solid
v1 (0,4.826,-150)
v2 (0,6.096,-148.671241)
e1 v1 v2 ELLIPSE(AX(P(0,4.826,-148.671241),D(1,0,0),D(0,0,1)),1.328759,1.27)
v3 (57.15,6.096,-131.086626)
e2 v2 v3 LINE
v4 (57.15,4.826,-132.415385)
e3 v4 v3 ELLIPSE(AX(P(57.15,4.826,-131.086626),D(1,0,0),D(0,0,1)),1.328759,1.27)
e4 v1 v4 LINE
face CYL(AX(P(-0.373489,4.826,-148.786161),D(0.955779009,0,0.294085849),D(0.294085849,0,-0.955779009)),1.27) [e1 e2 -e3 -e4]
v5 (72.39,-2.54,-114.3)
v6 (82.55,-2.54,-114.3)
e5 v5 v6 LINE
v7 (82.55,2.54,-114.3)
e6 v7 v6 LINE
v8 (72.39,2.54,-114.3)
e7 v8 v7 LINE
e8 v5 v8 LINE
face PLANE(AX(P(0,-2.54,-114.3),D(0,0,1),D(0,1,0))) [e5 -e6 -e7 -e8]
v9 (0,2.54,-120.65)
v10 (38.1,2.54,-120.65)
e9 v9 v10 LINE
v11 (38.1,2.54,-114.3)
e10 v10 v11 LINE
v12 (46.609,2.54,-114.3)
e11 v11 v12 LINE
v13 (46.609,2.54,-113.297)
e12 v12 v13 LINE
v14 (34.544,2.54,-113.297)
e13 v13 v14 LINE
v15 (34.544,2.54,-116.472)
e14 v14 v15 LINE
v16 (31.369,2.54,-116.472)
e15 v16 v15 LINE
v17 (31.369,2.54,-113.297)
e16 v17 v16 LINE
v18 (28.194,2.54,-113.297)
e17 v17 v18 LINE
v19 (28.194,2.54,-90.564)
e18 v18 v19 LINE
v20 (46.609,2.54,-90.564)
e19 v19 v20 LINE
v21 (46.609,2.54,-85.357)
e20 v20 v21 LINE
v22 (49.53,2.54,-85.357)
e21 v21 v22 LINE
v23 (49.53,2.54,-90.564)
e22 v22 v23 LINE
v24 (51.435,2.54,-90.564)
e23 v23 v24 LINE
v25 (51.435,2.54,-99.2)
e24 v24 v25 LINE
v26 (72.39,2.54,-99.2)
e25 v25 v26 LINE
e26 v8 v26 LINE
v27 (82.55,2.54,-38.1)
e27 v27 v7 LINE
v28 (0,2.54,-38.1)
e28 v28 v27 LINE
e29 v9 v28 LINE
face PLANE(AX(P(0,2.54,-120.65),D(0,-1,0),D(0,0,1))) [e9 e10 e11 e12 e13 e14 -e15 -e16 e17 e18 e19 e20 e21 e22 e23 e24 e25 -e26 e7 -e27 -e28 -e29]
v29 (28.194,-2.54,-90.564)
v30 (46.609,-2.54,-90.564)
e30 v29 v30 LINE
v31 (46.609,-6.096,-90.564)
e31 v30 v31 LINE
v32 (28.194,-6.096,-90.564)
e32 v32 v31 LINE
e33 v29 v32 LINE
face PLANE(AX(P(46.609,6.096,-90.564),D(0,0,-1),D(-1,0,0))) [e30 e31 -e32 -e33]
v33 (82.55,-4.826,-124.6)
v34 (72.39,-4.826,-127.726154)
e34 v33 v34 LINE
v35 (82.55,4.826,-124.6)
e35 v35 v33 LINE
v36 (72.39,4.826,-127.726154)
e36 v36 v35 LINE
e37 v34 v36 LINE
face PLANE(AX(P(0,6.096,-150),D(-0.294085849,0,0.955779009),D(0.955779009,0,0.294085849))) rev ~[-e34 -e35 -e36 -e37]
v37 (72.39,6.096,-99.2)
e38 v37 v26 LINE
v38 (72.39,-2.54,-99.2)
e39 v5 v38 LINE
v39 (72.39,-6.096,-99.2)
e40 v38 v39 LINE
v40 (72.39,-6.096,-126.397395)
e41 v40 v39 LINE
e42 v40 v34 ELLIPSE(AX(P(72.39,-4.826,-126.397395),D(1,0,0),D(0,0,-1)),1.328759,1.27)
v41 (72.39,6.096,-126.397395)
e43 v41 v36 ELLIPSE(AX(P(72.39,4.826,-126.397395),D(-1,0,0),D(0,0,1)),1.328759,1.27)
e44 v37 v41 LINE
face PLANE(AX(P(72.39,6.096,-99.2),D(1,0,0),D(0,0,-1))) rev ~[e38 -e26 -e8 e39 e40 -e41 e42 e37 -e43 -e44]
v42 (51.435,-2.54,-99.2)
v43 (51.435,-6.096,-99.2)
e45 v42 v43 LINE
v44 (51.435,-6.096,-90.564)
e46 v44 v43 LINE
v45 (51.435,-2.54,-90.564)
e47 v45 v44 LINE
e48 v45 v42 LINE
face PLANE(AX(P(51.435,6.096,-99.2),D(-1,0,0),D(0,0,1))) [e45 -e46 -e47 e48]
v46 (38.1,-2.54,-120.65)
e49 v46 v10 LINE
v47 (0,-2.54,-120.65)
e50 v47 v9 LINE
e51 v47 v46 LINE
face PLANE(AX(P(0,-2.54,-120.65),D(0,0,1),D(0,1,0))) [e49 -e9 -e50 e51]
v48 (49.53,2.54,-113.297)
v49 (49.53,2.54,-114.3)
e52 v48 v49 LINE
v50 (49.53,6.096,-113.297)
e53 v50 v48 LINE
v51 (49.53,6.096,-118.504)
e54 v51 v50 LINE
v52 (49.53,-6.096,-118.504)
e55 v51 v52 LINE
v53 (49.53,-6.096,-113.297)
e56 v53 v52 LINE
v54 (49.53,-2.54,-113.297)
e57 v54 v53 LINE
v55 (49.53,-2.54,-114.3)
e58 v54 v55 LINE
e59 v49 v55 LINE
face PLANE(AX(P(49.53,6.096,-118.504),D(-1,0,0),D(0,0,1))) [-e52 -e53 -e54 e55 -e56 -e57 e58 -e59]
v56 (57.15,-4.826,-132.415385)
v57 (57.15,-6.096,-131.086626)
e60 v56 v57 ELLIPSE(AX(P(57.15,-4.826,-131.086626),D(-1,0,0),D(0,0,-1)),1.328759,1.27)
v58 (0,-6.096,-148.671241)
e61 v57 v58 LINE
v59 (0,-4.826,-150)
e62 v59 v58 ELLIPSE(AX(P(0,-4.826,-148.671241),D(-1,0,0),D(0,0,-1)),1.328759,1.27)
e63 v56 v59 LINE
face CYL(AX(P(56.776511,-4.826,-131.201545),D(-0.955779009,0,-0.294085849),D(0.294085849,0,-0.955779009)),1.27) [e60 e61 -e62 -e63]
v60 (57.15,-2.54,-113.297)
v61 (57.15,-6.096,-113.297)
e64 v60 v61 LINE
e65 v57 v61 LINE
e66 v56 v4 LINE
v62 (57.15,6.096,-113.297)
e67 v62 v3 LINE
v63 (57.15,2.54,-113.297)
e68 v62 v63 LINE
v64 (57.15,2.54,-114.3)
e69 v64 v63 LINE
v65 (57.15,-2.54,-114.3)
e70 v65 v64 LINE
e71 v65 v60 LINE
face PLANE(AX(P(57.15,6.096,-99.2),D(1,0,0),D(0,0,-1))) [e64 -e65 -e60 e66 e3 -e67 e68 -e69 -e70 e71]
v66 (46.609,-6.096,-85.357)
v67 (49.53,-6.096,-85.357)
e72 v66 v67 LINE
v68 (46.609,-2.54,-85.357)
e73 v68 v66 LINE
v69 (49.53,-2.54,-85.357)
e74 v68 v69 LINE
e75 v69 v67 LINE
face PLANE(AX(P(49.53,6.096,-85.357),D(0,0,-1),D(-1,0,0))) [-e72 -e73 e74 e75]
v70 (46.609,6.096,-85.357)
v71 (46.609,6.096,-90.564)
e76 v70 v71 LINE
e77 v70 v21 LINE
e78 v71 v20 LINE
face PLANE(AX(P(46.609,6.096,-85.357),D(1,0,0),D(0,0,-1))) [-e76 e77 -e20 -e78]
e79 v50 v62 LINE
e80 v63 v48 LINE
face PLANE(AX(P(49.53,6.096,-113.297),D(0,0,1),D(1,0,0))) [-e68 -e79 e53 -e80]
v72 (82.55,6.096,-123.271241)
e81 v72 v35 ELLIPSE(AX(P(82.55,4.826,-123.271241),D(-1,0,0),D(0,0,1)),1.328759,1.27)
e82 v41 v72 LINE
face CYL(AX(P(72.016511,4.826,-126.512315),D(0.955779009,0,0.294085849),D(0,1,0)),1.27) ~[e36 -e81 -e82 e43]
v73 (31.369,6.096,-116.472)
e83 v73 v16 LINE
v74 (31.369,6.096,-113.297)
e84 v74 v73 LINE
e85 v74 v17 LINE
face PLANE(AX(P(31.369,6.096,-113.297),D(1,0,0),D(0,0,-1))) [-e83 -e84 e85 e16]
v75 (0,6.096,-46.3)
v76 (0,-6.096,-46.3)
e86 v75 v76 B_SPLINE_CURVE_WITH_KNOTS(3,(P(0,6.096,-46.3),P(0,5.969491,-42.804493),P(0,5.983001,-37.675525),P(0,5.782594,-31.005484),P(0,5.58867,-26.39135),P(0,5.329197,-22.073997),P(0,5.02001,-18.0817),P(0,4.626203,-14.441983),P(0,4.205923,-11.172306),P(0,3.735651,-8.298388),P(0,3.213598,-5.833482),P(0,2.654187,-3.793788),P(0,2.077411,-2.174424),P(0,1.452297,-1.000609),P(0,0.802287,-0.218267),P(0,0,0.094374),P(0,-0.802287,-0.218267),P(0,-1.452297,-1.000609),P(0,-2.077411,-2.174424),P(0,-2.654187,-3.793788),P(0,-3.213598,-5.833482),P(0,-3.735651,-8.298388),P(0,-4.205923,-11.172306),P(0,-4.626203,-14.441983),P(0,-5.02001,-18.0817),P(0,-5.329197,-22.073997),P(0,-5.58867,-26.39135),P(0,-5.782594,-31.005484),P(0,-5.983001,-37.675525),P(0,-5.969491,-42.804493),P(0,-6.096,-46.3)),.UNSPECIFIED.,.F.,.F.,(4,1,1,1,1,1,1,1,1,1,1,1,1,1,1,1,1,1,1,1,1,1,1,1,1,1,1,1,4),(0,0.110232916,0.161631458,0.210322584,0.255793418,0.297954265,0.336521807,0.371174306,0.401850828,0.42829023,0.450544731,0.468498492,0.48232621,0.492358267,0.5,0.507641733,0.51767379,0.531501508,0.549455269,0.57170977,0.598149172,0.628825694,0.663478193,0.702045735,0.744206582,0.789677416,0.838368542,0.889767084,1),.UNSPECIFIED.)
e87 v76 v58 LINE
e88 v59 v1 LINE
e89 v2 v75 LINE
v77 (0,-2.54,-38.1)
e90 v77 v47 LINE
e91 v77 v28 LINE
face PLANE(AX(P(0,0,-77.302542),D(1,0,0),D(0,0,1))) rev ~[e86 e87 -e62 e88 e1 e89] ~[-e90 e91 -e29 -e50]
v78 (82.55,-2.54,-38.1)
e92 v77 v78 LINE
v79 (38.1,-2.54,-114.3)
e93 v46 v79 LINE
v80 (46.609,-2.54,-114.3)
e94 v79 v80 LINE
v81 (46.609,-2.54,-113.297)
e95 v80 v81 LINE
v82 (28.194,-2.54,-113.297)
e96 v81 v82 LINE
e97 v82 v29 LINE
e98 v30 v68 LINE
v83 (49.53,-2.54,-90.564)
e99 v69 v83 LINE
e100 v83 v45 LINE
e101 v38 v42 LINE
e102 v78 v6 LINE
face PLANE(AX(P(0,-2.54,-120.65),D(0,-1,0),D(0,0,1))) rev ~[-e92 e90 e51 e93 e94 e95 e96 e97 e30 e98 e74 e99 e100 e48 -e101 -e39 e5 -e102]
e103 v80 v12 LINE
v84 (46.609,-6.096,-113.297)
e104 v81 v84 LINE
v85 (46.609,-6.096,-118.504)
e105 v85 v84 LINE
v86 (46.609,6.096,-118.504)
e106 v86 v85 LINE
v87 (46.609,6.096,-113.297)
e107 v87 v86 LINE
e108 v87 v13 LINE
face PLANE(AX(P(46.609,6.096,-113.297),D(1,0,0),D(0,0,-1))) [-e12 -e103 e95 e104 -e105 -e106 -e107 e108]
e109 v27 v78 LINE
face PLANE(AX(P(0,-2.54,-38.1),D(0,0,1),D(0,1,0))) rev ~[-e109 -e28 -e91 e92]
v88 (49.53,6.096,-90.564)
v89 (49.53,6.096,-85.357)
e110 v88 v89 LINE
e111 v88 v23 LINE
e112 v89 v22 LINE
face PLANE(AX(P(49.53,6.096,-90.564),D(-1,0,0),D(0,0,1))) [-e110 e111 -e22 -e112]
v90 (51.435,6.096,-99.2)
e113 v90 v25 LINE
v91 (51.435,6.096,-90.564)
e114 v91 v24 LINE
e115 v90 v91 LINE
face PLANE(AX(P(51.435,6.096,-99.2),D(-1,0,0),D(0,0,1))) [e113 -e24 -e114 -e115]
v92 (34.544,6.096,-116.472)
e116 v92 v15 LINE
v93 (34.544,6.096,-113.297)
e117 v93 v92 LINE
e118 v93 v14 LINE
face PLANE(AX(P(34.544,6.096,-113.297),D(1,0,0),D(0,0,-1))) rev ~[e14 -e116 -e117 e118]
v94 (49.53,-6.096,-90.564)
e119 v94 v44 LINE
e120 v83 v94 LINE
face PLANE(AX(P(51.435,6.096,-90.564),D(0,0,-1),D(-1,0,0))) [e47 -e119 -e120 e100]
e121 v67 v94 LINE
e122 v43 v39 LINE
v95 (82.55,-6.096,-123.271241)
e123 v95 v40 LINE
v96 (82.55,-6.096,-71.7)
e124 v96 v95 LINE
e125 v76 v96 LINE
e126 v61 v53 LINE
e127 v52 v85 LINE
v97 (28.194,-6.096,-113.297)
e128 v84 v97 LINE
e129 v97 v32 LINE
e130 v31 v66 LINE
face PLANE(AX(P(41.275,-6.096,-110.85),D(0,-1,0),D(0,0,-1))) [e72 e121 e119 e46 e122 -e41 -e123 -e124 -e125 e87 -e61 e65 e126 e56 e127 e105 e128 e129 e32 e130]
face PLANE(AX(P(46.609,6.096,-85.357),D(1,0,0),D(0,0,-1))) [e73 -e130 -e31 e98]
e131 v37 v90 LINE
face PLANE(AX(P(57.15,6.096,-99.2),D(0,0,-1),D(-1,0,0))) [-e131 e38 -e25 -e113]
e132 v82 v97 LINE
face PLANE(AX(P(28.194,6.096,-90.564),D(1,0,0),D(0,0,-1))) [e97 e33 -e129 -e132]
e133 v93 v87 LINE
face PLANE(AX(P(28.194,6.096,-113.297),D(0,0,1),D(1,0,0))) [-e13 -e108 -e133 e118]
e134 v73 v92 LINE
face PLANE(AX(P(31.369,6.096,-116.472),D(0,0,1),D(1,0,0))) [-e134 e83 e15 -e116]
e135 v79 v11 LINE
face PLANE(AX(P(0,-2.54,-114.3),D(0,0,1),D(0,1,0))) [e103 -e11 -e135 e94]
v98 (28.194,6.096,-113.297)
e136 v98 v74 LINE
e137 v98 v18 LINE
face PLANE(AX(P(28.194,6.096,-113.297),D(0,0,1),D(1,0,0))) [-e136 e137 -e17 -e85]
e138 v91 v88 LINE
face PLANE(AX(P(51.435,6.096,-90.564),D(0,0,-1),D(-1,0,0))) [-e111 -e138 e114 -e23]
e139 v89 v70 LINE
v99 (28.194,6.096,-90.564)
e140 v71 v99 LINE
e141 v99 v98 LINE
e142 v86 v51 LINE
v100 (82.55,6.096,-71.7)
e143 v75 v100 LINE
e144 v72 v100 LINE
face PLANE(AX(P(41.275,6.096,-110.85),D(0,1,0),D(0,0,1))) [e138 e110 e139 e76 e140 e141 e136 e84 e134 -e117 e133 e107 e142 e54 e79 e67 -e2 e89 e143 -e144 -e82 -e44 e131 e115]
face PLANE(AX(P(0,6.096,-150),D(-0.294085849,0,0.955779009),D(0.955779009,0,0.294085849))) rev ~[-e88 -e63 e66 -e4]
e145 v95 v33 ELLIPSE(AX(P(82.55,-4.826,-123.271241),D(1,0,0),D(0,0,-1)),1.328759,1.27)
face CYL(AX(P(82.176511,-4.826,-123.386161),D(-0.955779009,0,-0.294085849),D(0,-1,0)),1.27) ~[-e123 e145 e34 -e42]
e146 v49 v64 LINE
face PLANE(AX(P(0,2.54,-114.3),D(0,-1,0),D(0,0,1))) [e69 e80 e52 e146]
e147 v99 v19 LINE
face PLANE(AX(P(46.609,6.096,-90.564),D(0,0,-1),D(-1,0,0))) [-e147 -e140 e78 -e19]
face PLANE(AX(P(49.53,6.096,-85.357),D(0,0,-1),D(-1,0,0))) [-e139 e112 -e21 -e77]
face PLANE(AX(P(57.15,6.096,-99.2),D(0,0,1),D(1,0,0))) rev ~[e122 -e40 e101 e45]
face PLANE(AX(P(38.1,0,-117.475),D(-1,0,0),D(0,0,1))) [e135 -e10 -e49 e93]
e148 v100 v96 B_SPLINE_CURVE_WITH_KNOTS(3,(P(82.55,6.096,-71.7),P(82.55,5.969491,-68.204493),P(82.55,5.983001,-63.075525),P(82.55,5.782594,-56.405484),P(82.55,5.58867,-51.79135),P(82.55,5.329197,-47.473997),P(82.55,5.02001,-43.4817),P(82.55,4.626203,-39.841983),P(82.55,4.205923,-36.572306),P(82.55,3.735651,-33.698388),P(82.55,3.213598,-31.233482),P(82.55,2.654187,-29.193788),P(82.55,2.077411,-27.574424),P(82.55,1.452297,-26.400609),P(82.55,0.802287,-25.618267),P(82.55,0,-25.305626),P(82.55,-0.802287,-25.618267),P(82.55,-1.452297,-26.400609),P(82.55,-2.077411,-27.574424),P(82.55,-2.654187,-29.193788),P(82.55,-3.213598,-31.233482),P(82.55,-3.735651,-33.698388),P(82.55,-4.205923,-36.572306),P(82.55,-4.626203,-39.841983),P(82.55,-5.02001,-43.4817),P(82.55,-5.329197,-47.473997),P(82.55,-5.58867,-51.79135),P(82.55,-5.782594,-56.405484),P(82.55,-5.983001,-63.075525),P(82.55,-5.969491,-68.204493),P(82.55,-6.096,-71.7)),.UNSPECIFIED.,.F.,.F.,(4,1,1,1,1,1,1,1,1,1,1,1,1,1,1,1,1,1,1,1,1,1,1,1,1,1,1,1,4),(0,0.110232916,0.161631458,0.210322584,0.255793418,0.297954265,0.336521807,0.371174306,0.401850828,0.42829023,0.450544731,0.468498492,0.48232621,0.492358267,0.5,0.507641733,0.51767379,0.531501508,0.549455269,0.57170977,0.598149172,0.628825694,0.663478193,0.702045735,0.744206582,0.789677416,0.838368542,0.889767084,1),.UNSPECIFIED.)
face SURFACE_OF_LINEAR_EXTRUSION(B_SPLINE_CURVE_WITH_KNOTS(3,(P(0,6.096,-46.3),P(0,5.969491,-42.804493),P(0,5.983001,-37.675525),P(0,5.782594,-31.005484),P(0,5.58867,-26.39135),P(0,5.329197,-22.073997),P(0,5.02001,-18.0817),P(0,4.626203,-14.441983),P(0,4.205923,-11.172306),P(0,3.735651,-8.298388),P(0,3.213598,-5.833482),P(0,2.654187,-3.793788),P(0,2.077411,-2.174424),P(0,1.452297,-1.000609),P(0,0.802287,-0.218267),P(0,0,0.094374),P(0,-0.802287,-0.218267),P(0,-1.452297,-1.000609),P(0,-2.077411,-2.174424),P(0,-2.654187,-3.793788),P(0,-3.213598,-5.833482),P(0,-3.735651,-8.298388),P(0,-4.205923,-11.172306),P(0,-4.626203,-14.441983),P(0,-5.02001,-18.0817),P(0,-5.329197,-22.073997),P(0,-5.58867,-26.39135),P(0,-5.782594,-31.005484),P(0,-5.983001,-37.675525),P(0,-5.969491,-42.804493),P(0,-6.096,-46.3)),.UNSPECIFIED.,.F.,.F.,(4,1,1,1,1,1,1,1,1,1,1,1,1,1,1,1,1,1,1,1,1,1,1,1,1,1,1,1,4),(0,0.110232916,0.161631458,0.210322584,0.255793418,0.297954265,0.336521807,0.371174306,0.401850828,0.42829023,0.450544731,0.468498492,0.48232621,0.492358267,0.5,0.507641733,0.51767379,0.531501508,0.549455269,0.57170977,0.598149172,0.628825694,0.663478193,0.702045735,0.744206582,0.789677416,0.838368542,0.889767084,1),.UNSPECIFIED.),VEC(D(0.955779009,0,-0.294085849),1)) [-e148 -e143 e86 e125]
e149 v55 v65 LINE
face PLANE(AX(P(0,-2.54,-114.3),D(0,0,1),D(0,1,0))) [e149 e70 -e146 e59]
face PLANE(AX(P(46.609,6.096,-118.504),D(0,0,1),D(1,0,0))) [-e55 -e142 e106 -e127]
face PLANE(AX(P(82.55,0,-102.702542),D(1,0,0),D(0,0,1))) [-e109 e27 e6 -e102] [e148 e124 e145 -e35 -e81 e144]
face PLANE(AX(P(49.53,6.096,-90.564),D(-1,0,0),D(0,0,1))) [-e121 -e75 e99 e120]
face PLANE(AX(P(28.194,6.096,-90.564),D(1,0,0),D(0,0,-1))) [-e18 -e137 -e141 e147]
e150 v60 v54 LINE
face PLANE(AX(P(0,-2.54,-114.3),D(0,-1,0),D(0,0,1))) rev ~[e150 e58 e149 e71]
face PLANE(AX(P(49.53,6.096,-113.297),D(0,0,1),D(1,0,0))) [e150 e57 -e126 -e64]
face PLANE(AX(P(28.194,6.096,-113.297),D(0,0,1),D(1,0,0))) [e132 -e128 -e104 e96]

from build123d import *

# Parameters (mm, degrees)
SKETCH7_W          = 76.2
SKETCH7_H          = 5.08
CUT_EXTRUDE3_DEPTH = 194.950570427
CUT_EXTRUDE4_DEPTH = 195.237760021
CUT_EXTRUDE5_DEPTH = 172.648324818
SKETCH10_W         = 15.24
SKETCH10_H         = 38.1
CUT_EXTRUDE6_DEPTH = 172.648324818
SKETCH12_W         = 6.35
SKETCH12_H         = 5.08
CUT_EXTRUDE8_DEPTH = 38.1
CUT_EXTRUDE9_REACH = 173.648
SKETCH13_W         = 3.175
SKETCH13_H         = 3.175
FILLET1_R          = 1.27


with BuildPart() as part:
    # Sweep1: sweep along a path in Sketch4
    with BuildLine(Plane(origin=(0, 0, 0), x_dir=(1, 0, 0), z_dir=(0, 1, 0))) as sweep1_path:
        Line((0, 0), (82.55, 25.4))
    # Sketch3 → Sweep1 (sweep)
    with BuildSketch(Plane(origin=(0, 0, 0), x_dir=(0, 0, -1), z_dir=(1, 0, 0))):
        with BuildLine():
            Line((150, 6.096), (150, -6.096))
            Line((150, -6.096), (46.3, -6.096))
            add(Edge.make_bspline(
                [(46.3, 6.096), (42.804492563, 5.969490826), (37.675525192, 5.983000948), (31.005483641, 5.782593876), (26.391349913, 5.588669786), (22.073997277, 5.329197251), (18.081699811, 5.020010163), (14.441982882, 4.626202737), (11.172305542, 4.205923398), (8.298388415, 3.735651001), (5.83348217, 3.213598048), (3.793787979, 2.654186778), (2.174423999, 2.077410698), (1.000609399, 1.452296859), (0.218267158, 0.802287486), (-0.094373608, 0), (0.218267158, -0.802287486), (1.000609399, -1.452296859), (2.174423999, -2.077410698), (3.793787979, -2.654186778), (5.83348217, -3.213598048), (8.298388415, -3.735651001), (11.172305542, -4.205923398), (14.441982882, -4.626202737), (18.081699811, -5.020010163), (22.073997277, -5.329197251), (26.391349913, -5.588669786), (31.005483641, -5.782593876), (37.675525192, -5.983000948), (42.804492563, -5.969490826), (46.3, -6.096)],
                knots=[0, 0, 0, 0, 0.110232916, 0.161631458, 0.210322584, 0.255793418, 0.297954265, 0.336521807, 0.371174306, 0.401850828, 0.42829023, 0.450544731, 0.468498492, 0.48232621, 0.492358267, 0.5, 0.507641733, 0.51767379, 0.531501508, 0.549455269, 0.57170977, 0.598149172, 0.628825694, 0.663478193, 0.702045735, 0.744206582, 0.789677416, 0.838368542, 0.889767084, 1, 1, 1, 1], degree=3))
            Line((46.3, 6.096), (150, 6.096))
        make_face()
    sweep(path=sweep1_path.line)

    # Sketch7 → Cut-Extrude3 (cut, through all)
    with BuildSketch(Plane.ZY):
        with Locations((-76.2, 0)):
            Rectangle(SKETCH7_W, SKETCH7_H)
    extrude(amount=-CUT_EXTRUDE3_DEPTH, mode=Mode.SUBTRACT)

    # Sketch8 → Cut-Extrude4 (cut, through all)
    with BuildSketch(Plane(origin=(0, 6.096, 0), x_dir=(1, 0, 0), z_dir=(0, 1, 0))):
        Polygon((0, 150), (82.55, 124.6), (82.55, 175.4), (0, 175.4), align=None)
    extrude(amount=-CUT_EXTRUDE4_DEPTH, mode=Mode.SUBTRACT)

    # Sketch9 → Cut-Extrude5 (cut, through all)
    with BuildSketch(Plane(origin=(0, 6.096, 0), x_dir=(1, 0, 0), z_dir=(0, 1, 0))):
        Polygon((28.194, 113.297), (46.609, 113.297), (46.609, 118.504), (49.53, 118.504), (49.53, 113.297), (57.15, 113.297), (57.15, 99.2), (51.435, 99.2), (51.435, 90.564), (49.53, 90.564), (49.53, 85.357), (46.609, 85.357), (46.609, 90.564), (28.194, 90.564), align=None)
    extrude(amount=-CUT_EXTRUDE5_DEPTH, mode=Mode.SUBTRACT)

    # Sketch10 → Cut-Extrude6 (cut, through all)
    with BuildSketch(Plane(origin=(0, 6.096, 0), x_dir=(1, 0, 0), z_dir=(0, 1, 0))):
        with Locations((64.77, 118.25)):
            Rectangle(SKETCH10_W, SKETCH10_H)
    extrude(amount=-CUT_EXTRUDE6_DEPTH, mode=Mode.SUBTRACT)

    # Sketch12 → Cut-Extrude8 (cut)
    with BuildSketch(Plane.ZY):
        with Locations((-117.475, 0)):
            Rectangle(SKETCH12_W, SKETCH12_H)
    extrude(amount=-CUT_EXTRUDE8_DEPTH, mode=Mode.SUBTRACT)

    # Sketch13 → Cut-Extrude9 (cut, up to next)
    with BuildSketch(Plane(origin=(0, 6.096, 0), x_dir=(1, 0, 0), z_dir=(0, 1, 0)), mode=Mode.PRIVATE) as cut_extrude9_sk1:
        with Locations((32.9565, 114.8845)):
            Rectangle(SKETCH13_W, SKETCH13_H)
    cut_extrude9_tool1 = extrude(cut_extrude9_sk1.sketch, amount=-CUT_EXTRUDE9_REACH, mode=Mode.PRIVATE) & part.part
    add(cut_extrude9_tool1.solids().sort_by_distance((32.9565, 6.096, -114.8845))[0], mode=Mode.SUBTRACT)

    # Fillet1
    fillet1_edges = [part.edges().sort_by_distance(p)[0] for p in [
        (77.47, 6.096, -126.163076923),
        (77.47, -6.096, -126.163076923),
        (28.575, -6.096, -141.207692308),
        (28.575, 6.096, -141.207692308),
    ]]
    fillet(fillet1_edges, radius=FILLET1_R)


solid = part.part
